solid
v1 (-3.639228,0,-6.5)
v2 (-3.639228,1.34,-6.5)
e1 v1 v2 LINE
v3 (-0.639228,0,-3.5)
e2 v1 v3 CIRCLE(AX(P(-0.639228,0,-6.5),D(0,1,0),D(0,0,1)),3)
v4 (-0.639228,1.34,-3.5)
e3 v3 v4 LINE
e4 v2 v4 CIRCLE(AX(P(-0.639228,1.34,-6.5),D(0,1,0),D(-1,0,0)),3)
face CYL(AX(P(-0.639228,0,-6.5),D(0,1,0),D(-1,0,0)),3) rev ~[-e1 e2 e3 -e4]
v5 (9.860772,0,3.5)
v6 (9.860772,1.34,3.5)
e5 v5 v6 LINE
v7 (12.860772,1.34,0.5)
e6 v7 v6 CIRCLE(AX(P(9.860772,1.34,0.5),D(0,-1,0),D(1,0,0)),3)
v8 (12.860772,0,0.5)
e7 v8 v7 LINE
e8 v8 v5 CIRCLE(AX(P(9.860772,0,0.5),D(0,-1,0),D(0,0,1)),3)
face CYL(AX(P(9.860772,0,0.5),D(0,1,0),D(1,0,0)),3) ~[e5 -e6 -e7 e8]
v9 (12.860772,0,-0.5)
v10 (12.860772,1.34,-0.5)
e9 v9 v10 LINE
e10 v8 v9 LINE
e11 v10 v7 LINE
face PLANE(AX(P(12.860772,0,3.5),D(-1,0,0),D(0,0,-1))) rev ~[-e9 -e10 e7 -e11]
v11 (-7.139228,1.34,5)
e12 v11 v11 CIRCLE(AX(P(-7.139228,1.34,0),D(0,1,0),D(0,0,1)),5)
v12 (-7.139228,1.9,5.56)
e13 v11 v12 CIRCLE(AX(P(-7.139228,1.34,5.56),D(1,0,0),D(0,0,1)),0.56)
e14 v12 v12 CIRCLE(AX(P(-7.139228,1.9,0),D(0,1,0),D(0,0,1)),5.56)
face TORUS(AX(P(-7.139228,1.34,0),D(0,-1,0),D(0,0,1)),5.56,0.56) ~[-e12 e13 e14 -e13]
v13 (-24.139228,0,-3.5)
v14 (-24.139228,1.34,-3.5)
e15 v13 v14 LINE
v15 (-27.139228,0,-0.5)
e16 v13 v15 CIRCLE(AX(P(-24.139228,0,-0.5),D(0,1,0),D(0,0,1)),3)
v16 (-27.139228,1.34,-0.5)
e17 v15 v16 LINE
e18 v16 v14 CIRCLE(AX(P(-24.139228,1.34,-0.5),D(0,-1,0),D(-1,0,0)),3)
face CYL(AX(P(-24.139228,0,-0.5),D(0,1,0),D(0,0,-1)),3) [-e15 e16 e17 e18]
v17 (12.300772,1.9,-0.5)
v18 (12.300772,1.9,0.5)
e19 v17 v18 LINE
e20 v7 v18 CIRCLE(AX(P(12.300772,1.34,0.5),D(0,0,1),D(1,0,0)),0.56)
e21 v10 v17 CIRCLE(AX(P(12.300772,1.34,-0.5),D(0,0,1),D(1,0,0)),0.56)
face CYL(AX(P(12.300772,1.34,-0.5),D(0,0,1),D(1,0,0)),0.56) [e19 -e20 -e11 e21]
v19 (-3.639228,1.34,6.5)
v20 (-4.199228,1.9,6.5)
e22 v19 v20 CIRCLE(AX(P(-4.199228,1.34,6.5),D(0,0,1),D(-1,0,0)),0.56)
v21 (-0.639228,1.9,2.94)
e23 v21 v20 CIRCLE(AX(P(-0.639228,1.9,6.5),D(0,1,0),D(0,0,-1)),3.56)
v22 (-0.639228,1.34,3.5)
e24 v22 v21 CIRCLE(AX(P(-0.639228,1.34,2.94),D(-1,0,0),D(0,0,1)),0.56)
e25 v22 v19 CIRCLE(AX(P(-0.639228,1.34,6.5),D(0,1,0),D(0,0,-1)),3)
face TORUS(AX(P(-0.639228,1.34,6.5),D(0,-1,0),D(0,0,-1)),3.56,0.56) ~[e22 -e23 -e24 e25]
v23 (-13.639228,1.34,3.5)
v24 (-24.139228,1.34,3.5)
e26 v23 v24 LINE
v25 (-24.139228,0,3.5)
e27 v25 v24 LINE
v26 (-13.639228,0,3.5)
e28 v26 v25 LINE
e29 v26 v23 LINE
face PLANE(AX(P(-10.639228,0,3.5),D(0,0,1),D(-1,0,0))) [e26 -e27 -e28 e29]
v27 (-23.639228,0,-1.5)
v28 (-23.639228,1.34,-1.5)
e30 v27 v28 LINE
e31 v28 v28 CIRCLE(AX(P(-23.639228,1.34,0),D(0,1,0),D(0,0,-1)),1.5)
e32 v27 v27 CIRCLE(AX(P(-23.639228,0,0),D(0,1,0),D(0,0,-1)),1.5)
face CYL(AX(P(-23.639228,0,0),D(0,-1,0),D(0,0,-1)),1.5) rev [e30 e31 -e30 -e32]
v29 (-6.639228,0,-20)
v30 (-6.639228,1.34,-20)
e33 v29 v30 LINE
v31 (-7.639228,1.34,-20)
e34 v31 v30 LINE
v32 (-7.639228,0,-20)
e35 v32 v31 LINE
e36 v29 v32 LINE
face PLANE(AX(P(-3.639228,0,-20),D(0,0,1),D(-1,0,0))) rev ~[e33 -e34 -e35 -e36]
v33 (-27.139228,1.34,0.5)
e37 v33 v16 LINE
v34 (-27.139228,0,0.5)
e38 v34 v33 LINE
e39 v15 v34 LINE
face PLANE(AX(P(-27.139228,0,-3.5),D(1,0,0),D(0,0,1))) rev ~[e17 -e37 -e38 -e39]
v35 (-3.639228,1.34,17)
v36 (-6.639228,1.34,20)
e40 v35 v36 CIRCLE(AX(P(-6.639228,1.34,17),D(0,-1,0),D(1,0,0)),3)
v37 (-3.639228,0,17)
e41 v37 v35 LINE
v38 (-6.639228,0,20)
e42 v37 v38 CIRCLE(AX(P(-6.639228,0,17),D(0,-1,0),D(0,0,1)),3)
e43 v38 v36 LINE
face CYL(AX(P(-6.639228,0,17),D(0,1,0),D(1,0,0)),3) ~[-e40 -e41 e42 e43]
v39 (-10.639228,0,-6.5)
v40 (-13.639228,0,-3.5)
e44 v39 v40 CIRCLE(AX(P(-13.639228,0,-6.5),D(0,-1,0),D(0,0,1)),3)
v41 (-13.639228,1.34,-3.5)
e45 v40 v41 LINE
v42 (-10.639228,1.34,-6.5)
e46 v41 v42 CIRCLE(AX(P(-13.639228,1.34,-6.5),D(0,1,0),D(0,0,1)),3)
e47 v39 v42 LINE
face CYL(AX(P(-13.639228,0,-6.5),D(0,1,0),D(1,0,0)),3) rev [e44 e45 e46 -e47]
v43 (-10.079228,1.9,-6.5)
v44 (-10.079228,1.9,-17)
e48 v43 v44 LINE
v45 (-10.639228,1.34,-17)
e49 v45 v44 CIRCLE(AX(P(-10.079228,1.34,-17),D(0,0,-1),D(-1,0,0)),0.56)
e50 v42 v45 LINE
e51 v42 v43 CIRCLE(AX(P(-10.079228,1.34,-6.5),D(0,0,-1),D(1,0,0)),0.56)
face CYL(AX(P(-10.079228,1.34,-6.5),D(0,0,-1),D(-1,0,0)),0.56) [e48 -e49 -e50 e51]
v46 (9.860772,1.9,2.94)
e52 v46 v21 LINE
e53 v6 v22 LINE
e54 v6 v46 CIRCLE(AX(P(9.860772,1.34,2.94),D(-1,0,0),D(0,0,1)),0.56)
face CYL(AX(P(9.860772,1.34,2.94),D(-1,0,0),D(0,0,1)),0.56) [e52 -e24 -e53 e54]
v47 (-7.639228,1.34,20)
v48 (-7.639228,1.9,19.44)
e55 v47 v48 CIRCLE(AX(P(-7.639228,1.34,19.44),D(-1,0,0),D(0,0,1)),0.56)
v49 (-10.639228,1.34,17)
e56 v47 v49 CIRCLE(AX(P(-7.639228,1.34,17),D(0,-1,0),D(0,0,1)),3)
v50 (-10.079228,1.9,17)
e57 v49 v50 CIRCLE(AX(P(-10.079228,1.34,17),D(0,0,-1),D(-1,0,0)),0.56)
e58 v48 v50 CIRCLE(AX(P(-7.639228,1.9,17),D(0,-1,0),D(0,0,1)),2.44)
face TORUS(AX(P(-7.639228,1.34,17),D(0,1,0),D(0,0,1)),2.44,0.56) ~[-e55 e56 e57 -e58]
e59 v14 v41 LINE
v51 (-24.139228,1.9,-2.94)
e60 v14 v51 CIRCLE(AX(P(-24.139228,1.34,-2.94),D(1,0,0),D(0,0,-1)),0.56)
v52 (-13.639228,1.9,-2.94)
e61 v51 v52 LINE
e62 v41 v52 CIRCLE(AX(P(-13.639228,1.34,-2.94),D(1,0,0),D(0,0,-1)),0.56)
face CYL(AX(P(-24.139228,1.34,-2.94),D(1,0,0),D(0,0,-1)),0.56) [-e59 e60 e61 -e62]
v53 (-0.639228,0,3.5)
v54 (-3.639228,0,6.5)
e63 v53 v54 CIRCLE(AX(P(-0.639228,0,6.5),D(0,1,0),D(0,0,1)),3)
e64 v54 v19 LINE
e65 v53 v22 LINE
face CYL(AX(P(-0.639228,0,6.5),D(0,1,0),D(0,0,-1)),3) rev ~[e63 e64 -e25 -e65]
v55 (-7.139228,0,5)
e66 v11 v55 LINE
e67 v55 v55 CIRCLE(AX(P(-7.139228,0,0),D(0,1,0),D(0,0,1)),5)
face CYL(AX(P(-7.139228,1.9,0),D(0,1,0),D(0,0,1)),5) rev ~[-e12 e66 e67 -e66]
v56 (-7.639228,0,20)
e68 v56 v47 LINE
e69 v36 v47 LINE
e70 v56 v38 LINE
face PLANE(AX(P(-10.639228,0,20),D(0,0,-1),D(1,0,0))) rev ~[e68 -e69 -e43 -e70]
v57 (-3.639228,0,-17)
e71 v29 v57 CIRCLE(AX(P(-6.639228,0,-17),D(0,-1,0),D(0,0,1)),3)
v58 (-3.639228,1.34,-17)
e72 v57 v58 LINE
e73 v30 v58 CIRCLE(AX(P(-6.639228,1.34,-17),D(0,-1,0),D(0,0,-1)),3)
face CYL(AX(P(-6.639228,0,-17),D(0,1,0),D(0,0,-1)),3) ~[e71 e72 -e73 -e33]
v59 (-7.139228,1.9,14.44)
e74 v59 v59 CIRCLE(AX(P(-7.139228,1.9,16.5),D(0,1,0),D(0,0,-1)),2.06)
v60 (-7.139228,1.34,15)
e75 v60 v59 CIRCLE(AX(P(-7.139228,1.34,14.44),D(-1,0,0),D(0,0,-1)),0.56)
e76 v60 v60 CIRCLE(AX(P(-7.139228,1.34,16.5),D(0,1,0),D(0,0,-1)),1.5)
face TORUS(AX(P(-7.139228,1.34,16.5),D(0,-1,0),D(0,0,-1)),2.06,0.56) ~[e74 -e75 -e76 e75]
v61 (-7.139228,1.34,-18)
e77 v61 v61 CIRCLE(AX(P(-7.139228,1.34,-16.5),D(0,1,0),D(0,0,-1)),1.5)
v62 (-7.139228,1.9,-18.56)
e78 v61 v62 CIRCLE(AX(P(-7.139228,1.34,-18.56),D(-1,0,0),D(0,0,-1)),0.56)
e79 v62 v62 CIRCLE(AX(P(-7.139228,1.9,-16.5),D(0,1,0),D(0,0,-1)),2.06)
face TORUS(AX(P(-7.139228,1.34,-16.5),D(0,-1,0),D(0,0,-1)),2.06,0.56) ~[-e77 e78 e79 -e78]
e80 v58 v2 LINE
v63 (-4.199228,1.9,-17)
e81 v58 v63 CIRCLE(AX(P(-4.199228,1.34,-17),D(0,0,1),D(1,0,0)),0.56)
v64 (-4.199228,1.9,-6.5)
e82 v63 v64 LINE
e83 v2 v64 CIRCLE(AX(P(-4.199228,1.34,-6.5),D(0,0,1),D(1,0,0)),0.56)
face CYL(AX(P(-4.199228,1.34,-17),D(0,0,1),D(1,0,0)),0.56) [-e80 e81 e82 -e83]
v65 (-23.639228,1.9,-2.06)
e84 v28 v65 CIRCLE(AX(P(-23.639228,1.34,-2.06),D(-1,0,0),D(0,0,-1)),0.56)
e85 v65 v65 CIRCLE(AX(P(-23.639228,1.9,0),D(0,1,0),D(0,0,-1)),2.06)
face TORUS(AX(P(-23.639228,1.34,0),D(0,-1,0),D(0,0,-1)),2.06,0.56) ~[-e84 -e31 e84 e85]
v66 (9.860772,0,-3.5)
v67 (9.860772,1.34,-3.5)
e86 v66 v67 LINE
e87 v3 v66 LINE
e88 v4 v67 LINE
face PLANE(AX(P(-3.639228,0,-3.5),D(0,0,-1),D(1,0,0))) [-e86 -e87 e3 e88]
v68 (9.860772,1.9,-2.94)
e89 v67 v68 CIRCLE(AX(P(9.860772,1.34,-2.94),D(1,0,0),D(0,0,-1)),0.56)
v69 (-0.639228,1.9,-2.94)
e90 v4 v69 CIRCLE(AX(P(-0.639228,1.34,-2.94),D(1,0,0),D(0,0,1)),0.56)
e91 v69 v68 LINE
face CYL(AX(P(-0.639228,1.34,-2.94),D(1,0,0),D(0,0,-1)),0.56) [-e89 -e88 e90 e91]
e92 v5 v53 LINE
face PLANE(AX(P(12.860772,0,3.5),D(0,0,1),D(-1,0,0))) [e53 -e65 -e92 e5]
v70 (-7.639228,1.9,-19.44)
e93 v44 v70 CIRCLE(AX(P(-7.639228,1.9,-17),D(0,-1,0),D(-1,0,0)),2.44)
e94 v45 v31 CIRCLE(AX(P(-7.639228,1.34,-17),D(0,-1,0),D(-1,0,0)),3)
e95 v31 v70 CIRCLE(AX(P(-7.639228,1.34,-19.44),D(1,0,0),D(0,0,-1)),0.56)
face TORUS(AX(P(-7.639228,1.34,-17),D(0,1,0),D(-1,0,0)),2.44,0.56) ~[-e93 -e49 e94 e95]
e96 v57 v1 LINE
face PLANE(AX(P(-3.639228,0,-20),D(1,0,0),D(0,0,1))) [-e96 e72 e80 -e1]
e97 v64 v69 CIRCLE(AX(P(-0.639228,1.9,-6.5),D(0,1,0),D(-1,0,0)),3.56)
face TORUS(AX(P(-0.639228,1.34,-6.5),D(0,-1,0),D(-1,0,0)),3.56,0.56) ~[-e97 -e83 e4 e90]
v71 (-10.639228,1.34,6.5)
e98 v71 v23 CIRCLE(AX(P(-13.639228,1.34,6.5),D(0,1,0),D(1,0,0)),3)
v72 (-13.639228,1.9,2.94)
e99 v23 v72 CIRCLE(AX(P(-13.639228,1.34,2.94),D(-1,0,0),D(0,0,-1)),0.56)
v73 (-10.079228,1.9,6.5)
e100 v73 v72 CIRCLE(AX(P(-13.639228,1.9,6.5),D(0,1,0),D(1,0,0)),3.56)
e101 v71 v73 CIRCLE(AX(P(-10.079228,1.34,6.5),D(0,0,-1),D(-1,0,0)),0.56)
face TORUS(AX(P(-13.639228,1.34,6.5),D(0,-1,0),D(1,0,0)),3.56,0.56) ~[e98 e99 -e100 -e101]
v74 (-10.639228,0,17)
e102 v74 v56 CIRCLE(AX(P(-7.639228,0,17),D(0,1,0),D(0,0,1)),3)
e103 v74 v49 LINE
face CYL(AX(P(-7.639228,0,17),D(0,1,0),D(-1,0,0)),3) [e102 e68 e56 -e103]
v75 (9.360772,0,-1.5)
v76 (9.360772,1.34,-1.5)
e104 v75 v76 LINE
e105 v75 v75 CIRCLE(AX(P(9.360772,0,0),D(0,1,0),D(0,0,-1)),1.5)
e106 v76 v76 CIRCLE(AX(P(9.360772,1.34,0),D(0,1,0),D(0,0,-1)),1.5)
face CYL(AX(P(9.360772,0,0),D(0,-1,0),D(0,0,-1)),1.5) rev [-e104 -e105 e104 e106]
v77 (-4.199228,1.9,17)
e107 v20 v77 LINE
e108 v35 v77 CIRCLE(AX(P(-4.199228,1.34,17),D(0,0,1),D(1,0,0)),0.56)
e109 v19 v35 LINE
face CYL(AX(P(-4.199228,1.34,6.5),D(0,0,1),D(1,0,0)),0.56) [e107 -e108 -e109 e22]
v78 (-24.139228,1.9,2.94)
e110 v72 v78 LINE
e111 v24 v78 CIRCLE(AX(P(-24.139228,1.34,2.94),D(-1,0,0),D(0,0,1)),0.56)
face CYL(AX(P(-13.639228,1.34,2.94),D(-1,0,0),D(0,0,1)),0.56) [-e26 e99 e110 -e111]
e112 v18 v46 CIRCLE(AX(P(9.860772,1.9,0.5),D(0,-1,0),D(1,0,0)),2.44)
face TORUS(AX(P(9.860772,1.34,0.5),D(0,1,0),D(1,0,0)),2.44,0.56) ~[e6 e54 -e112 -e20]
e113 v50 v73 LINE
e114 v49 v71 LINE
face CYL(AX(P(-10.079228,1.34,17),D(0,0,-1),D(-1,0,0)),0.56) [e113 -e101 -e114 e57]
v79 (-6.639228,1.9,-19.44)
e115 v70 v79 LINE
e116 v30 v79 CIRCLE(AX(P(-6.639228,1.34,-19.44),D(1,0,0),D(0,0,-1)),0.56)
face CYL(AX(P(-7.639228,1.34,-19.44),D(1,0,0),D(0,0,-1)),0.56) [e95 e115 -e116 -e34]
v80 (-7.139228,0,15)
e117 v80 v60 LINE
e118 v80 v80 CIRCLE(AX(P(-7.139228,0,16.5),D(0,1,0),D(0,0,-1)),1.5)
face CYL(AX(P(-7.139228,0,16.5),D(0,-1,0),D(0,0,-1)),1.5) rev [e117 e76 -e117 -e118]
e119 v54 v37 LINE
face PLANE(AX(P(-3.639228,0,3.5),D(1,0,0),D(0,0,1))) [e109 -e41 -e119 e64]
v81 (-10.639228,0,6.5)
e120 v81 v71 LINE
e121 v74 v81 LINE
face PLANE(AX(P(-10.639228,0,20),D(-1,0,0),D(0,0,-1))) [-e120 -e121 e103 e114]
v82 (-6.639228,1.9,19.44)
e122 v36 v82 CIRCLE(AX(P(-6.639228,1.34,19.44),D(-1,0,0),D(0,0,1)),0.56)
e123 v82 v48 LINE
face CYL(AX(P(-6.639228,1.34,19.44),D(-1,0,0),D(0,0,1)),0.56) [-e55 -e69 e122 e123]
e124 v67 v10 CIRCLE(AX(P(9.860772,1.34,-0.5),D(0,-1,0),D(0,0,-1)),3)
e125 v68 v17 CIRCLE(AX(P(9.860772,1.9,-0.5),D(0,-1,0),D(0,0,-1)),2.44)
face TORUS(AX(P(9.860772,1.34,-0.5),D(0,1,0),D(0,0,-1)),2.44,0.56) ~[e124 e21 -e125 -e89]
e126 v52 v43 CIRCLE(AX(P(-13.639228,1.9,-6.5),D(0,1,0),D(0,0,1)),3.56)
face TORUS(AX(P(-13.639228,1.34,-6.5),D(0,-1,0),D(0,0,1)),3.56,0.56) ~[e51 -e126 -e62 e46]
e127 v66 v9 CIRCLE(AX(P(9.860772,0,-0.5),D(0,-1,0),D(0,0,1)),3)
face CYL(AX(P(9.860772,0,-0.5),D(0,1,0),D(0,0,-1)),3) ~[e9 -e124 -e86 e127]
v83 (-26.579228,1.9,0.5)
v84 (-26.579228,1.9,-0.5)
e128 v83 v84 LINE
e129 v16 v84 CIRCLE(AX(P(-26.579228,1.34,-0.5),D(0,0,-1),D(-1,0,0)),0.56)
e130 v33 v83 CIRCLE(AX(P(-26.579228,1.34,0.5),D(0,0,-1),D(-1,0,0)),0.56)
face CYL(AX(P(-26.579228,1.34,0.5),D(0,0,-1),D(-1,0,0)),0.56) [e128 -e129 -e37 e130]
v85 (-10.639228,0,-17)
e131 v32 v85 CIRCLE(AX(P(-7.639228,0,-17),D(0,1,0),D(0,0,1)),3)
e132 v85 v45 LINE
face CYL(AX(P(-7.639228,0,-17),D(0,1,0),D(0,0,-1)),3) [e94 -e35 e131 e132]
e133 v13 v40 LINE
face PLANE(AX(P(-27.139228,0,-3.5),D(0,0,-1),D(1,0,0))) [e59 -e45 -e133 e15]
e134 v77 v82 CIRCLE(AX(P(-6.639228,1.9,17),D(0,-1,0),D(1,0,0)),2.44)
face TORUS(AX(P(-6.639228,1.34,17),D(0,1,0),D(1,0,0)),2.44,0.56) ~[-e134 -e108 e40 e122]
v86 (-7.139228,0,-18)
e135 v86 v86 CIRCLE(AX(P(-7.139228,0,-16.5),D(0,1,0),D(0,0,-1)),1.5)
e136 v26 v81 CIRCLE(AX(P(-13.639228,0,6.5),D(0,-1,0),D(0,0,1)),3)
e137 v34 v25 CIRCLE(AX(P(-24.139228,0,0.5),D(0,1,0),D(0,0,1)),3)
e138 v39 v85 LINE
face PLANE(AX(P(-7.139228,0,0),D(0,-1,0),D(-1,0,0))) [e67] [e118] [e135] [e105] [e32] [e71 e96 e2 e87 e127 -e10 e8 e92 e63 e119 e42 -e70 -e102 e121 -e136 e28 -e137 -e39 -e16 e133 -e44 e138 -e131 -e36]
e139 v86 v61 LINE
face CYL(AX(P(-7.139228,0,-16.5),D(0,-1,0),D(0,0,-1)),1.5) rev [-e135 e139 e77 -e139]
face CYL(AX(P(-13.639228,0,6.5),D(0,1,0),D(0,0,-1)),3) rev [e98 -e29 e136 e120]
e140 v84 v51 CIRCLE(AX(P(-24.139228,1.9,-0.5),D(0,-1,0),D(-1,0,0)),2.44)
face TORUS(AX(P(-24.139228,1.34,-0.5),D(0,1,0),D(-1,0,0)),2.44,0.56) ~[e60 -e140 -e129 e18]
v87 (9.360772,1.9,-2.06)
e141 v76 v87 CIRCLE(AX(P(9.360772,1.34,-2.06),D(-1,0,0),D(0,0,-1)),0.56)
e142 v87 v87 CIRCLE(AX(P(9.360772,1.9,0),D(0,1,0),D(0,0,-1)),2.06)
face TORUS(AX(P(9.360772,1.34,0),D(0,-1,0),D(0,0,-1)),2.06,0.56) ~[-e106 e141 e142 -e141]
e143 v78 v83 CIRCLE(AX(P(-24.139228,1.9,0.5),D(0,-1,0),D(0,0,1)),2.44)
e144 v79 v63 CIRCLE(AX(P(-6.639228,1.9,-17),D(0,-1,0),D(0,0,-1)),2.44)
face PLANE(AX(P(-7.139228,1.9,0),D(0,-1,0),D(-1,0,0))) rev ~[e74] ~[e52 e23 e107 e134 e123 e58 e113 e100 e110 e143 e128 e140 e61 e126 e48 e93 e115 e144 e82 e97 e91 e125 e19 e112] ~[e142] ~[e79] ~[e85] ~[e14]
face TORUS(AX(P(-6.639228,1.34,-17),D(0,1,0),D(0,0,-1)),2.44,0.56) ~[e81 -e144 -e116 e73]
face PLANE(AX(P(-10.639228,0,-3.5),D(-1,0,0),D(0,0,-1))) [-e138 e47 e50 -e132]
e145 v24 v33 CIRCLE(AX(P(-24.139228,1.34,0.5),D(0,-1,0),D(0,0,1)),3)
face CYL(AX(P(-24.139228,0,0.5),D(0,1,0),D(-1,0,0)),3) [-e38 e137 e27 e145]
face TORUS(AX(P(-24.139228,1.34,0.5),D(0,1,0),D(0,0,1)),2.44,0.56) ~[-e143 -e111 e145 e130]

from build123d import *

# Parameters (mm, degrees)
SKETCH1_R           = 1.5
BOSS_EXTRUDE1_DEPTH = 1.9
FILLET1_R           = 3
FILLET3_R           = 3
SKETCH2_R           = 5
CUT_EXTRUDE1_DEPTH  = 1.9
FILLET5_R           = 0.56


with BuildPart() as part:
    # Sketch1 → Boss-Extrude1 (new body)
    with BuildSketch(Plane(origin=(0, 0, 0), x_dir=(1, 0, 0), z_dir=(0, 1, 0))):
        Polygon((-7.139227625, 20), (-3.639227625, 20), (-3.639227625, 3.5), (12.860772375, 3.5), (12.860772375, 0), (12.860772375, -3.5), (-3.639227625, -3.5), (-3.639227625, -20), (-7.139227625, -20), (-10.639227625, -20), (-10.639227625, -3.5), (-27.139227625, -3.5), (-27.139227625, 0), (-27.139227625, 3.5), (-10.639227625, 3.5), (-10.639227625, 20), align=None)
        with Locations(Location((-23.639227625, 0, 0), (0, 0, 90))):
            Circle(SKETCH1_R, mode=Mode.SUBTRACT)
        with Locations(Location((-7.139227625, 16.5, 0), (0, 0, 90))):
            Circle(SKETCH1_R, mode=Mode.SUBTRACT)
        with Locations(Location((9.360772375, 0, 0), (0, 0, 90))):
            Circle(SKETCH1_R, mode=Mode.SUBTRACT)
        with Locations(Location((-7.139227625, -16.5, 0), (0, 0, 90))):
            Circle(SKETCH1_R, mode=Mode.SUBTRACT)
    extrude(amount=BOSS_EXTRUDE1_DEPTH)

    # Fillet1
    fillet1_edges = [part.edges().sort_by_distance(p)[0] for p in [
        (-27.139227625, 0.95, -3.5),
        (-10.639227625, 0.95, -20),
        (-3.639227625, 0.95, -20),
        (12.860772375, 0.95, -3.5),
        (12.860772375, 0.95, 3.5),
        (-3.639227625, 0.95, 20),
        (-10.639227625, 0.95, 20),
        (-27.139227625, 0.95, 3.5),
    ]]
    fillet(fillet1_edges, radius=FILLET1_R)

    # Fillet3
    fillet3_edges = [part.edges().sort_by_distance(p)[0] for p in [
        (-10.639227625, 0.95, -3.5),
        (-3.639227625, 0.95, -3.5),
        (-3.639227625, 0.95, 3.5),
        (-10.639227625, 0.95, 3.5),
    ]]
    fillet(fillet3_edges, radius=FILLET3_R)

    # Sketch2 → Cut-Extrude1 (cut)
    with BuildSketch(Plane(origin=(0, 1.9, 0), x_dir=(1, 0, 0), z_dir=(0, 1, 0))):
        with Locations(Location((-7.139227625, 0, 0), (0, 0, 270))):
            Circle(SKETCH2_R)
    extrude(amount=-CUT_EXTRUDE1_DEPTH, mode=Mode.SUBTRACT)

    # Fillet5
    fillet5_edges = [part.edges().sort_by_distance(p)[0] for p in [
        (-3.639227625, 1.9, -11.75),
        (-18.889227625, 1.9, -3.5),
        (-10.639227625, 1.9, 11.75),
        (4.610772375, 1.9, 3.5),
        (-2.760547968, 1.9, -4.378679656),
        (-11.517907281, 1.9, -4.378679656),
        (-11.517907281, 1.9, 4.378679656),
        (-2.760547968, 1.9, 4.378679656),
        (-7.139227625, 1.9, -5),
        (-23.639227625, 1.9, 1.5),
        (-7.139227625, 1.9, -15),
        (9.360772375, 1.9, 1.5),
        (-7.139227625, 1.9, 18),
        (-18.889227625, 1.9, 3.5),
        (-27.139227625, 1.9, 0),
        (-7.139227625, 1.9, 20),
        (-3.639227625, 1.9, 11.75),
        (12.860772375, 1.9, 0),
        (4.610772375, 1.9, -3.5),
        (-7.139227625, 1.9, -20),
        (-10.639227625, 1.9, -11.75),
        (-4.517907281, 1.9, 19.121320344),
        (-9.760547968, 1.9, 19.121320344),
        (11.982092719, 1.9, 2.621320344),
        (11.982092719, 1.9, -2.621320344),
        (-4.517907281, 1.9, -19.121320344),
        (-9.760547968, 1.9, -19.121320344),
        (-26.260547968, 1.9, -2.621320344),
        (-26.260547968, 1.9, 2.621320344),
    ]]
    fillet(fillet5_edges, radius=FILLET5_R)


solid = part.part
